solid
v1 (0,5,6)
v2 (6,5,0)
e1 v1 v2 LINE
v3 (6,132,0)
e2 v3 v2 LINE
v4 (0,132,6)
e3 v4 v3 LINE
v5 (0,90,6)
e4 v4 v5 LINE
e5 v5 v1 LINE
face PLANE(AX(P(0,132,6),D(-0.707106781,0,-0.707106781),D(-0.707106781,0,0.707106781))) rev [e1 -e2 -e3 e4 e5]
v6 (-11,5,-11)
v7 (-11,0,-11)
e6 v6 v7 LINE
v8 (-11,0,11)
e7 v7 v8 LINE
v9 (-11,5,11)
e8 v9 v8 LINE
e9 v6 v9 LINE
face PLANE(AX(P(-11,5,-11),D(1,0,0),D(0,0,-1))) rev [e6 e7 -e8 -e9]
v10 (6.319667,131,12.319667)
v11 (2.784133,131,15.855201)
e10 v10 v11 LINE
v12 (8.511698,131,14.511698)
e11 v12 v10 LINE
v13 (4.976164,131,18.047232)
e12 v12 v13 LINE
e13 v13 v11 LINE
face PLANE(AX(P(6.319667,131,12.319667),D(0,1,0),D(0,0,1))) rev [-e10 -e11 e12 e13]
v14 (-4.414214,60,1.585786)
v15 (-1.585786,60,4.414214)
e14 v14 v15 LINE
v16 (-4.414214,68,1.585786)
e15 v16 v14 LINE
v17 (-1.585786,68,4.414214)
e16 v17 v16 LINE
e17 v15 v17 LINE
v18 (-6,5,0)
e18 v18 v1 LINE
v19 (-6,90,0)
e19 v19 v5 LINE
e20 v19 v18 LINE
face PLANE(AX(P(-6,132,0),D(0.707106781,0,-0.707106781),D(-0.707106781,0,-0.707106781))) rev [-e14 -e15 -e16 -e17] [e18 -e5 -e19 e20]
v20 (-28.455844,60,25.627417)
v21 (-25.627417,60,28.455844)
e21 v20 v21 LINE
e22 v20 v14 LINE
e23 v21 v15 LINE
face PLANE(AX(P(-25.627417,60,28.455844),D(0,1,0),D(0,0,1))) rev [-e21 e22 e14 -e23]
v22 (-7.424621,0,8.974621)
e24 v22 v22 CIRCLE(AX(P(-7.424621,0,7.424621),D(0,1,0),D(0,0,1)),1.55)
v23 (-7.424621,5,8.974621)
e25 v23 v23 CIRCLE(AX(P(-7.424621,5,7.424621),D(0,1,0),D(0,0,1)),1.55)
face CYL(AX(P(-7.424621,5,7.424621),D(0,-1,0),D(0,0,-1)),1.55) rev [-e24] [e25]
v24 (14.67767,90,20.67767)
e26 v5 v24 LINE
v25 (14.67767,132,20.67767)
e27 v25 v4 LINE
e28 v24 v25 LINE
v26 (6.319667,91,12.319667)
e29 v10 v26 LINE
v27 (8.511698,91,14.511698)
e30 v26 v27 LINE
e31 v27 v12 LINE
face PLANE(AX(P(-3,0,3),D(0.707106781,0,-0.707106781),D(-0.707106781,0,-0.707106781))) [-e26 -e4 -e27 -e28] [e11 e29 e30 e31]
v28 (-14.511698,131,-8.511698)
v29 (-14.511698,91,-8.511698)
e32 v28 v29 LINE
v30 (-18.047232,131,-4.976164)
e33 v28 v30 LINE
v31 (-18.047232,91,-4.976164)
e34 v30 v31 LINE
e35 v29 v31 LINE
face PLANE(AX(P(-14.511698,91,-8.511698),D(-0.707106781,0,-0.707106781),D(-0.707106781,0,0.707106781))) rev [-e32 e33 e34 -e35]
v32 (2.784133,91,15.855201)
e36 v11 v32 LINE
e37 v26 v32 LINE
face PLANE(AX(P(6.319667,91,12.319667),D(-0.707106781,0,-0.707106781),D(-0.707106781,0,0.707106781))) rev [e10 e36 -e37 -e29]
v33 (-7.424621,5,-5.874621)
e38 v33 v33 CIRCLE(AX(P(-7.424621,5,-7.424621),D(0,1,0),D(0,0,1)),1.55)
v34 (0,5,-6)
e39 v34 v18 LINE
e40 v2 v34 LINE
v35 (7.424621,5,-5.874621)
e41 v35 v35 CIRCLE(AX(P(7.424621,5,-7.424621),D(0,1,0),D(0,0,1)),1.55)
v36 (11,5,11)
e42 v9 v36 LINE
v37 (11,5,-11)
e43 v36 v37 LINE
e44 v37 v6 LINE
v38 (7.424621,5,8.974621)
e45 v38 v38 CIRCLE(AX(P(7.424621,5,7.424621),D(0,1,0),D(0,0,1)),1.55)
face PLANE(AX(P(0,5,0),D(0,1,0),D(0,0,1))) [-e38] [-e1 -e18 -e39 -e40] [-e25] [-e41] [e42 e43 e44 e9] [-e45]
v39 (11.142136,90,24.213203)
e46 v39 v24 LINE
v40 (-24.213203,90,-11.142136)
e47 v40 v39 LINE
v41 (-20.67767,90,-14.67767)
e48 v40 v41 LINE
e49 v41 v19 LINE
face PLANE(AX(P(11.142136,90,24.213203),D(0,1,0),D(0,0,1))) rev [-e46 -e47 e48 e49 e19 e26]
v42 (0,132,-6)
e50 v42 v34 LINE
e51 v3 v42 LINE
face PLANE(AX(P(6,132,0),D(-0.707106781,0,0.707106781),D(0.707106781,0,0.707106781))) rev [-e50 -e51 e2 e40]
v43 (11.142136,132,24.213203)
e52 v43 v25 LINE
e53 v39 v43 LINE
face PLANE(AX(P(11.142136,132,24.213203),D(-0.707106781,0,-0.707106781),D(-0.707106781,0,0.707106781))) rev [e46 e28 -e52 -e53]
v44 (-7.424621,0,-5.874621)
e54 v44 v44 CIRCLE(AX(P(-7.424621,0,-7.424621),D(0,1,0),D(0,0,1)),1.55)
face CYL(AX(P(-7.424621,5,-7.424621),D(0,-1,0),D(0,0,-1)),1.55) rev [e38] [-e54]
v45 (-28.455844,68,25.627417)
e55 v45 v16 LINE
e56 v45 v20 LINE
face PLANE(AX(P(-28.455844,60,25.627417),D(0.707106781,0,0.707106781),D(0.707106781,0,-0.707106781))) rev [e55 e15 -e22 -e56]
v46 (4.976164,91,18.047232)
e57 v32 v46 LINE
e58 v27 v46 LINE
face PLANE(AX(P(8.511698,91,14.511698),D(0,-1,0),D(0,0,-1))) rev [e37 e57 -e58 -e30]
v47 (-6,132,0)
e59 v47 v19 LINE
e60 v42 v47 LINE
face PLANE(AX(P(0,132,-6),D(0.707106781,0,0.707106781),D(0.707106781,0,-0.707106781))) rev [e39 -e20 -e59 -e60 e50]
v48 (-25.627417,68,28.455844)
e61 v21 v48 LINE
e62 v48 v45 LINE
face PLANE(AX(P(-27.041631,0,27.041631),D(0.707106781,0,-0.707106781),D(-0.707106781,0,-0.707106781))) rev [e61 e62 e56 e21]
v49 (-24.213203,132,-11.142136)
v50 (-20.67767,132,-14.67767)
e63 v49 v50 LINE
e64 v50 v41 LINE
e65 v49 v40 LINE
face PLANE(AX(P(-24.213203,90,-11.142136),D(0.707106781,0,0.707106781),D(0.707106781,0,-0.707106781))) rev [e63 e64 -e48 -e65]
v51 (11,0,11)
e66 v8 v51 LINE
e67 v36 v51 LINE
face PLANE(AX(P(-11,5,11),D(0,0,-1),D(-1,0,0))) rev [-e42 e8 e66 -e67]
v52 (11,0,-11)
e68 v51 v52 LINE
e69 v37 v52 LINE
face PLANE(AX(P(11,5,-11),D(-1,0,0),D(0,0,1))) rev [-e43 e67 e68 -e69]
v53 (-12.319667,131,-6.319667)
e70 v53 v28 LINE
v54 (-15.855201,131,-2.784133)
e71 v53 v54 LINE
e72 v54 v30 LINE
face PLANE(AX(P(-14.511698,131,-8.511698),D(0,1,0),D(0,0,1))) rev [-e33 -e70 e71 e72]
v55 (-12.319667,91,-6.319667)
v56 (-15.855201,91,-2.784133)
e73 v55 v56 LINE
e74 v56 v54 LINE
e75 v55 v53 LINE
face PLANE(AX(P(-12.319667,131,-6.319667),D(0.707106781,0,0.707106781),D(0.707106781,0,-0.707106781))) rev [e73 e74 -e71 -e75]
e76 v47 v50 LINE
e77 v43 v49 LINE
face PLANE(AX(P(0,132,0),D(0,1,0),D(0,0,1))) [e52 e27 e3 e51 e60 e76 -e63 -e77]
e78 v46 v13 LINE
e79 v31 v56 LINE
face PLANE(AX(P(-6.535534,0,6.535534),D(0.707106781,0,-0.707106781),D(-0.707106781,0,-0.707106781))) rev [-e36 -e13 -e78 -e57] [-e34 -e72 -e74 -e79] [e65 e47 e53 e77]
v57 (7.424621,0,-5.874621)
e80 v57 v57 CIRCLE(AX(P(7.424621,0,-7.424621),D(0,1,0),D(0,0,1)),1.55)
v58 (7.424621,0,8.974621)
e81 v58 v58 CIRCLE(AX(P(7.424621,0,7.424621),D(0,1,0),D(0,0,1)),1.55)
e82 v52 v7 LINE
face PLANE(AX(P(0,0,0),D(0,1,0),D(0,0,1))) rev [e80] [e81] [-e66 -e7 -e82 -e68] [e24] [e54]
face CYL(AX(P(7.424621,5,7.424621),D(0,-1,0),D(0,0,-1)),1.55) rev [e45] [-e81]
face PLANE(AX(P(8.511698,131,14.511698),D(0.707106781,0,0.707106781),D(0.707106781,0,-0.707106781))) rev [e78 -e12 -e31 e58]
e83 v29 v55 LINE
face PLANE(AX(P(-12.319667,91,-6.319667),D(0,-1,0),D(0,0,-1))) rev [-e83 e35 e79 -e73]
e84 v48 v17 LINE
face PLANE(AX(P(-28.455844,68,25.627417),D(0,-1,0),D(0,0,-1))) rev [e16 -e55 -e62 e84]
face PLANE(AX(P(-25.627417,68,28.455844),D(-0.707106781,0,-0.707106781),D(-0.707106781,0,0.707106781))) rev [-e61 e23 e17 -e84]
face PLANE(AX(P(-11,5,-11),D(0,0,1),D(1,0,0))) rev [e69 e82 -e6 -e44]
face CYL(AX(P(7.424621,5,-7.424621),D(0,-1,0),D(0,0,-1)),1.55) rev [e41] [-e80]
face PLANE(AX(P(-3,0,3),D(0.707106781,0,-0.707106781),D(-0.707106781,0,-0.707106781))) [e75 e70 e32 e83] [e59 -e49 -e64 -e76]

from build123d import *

# Parameters (mm, degrees)
SKETCH_1_W          = 22
SKETCH_1_H          = 22
SKETCH_1_R          = 1.55
EXTRUDE_1_DEPTH     = 5
EXTRUDE_2_DEPTH     = 127
SKETCH_3_W          = 4
SKETCH_3_H          = 8
EXTRUDE_3_DEPTH     = 34
EXTRUDE_4_DEPTH     = 5
SKETCH_7_W          = 3.1
SKETCH_7_H          = 40
CUT_EXTRUDE_3_DEPTH = 5


with BuildPart() as part:
    # 草图1 → 凸台-拉伸1 (new body)
    with BuildSketch(Plane(origin=(0, 0, 0), x_dir=(1, 0, 0), z_dir=(0, 1, 0))):
        Rectangle(SKETCH_1_W, SKETCH_1_H)
        with Locations(Location((-7.424621202, 7.424621202, 0), (0, 0, 270))):
            Circle(SKETCH_1_R, mode=Mode.SUBTRACT)
        with Locations(Location((7.424621202, 7.424621202, 0), (0, 0, 270))):
            Circle(SKETCH_1_R, mode=Mode.SUBTRACT)
        with Locations(Location((7.424621202, -7.424621202, 0), (0, 0, 270))):
            Circle(SKETCH_1_R, mode=Mode.SUBTRACT)
        with Locations(Location((-7.424621202, -7.424621202, 0), (0, 0, 270))):
            Circle(SKETCH_1_R, mode=Mode.SUBTRACT)
    extrude(amount=EXTRUDE_1_DEPTH)

    # 草图2 → 凸台-拉伸2 (add)
    with BuildSketch(Plane(origin=(0, 5, 0), x_dir=(1, 0, 0), z_dir=(0, 1, 0))):
        Polygon((0, 6), (-6, 0), (0, -6), (6, 0), align=None)
    extrude(amount=EXTRUDE_2_DEPTH)

    # 草图3 → 凸台-拉伸3 (add)
    with BuildSketch(Plane(origin=(-3, 0, 3), x_dir=(0.7071067811865452, 0, 0.7071067811865498), z_dir=(-0.7071067811865498, 0, 0.7071067811865452))):
        with Locations((0, 64)):
            Rectangle(SKETCH_3_W, SKETCH_3_H)
    extrude(amount=EXTRUDE_3_DEPTH)

    # 草图4 → 凸台-拉伸4 (add)
    with BuildSketch(Plane(origin=(-3, 0, 3), x_dir=(0.7071067811865452, 0, 0.7071067811865498), z_dir=(-0.7071067811865498, 0, 0.7071067811865452))):
        Polygon((4.242640687, 132), (25, 132), (25, 90), (-25, 90), (-25, 132), align=None)
    extrude(amount=EXTRUDE_4_DEPTH)

    # 草图7 → 切除-拉伸3 (cut)
    with BuildSketch(Plane(origin=(-6.535533906, 0, 6.535533906), x_dir=(0.7071067811865454, 0, 0.7071067811865498), z_dir=(-0.7071067811865498, 0, 0.7071067811865454))):
        with Locations((-14.73, 111)):
            Rectangle(SKETCH_7_W, SKETCH_7_H)
        with Locations((14.73, 111)):
            Rectangle(SKETCH_7_W, SKETCH_7_H)
    extrude(amount=-CUT_EXTRUDE_3_DEPTH, mode=Mode.SUBTRACT)


solid = part.part
